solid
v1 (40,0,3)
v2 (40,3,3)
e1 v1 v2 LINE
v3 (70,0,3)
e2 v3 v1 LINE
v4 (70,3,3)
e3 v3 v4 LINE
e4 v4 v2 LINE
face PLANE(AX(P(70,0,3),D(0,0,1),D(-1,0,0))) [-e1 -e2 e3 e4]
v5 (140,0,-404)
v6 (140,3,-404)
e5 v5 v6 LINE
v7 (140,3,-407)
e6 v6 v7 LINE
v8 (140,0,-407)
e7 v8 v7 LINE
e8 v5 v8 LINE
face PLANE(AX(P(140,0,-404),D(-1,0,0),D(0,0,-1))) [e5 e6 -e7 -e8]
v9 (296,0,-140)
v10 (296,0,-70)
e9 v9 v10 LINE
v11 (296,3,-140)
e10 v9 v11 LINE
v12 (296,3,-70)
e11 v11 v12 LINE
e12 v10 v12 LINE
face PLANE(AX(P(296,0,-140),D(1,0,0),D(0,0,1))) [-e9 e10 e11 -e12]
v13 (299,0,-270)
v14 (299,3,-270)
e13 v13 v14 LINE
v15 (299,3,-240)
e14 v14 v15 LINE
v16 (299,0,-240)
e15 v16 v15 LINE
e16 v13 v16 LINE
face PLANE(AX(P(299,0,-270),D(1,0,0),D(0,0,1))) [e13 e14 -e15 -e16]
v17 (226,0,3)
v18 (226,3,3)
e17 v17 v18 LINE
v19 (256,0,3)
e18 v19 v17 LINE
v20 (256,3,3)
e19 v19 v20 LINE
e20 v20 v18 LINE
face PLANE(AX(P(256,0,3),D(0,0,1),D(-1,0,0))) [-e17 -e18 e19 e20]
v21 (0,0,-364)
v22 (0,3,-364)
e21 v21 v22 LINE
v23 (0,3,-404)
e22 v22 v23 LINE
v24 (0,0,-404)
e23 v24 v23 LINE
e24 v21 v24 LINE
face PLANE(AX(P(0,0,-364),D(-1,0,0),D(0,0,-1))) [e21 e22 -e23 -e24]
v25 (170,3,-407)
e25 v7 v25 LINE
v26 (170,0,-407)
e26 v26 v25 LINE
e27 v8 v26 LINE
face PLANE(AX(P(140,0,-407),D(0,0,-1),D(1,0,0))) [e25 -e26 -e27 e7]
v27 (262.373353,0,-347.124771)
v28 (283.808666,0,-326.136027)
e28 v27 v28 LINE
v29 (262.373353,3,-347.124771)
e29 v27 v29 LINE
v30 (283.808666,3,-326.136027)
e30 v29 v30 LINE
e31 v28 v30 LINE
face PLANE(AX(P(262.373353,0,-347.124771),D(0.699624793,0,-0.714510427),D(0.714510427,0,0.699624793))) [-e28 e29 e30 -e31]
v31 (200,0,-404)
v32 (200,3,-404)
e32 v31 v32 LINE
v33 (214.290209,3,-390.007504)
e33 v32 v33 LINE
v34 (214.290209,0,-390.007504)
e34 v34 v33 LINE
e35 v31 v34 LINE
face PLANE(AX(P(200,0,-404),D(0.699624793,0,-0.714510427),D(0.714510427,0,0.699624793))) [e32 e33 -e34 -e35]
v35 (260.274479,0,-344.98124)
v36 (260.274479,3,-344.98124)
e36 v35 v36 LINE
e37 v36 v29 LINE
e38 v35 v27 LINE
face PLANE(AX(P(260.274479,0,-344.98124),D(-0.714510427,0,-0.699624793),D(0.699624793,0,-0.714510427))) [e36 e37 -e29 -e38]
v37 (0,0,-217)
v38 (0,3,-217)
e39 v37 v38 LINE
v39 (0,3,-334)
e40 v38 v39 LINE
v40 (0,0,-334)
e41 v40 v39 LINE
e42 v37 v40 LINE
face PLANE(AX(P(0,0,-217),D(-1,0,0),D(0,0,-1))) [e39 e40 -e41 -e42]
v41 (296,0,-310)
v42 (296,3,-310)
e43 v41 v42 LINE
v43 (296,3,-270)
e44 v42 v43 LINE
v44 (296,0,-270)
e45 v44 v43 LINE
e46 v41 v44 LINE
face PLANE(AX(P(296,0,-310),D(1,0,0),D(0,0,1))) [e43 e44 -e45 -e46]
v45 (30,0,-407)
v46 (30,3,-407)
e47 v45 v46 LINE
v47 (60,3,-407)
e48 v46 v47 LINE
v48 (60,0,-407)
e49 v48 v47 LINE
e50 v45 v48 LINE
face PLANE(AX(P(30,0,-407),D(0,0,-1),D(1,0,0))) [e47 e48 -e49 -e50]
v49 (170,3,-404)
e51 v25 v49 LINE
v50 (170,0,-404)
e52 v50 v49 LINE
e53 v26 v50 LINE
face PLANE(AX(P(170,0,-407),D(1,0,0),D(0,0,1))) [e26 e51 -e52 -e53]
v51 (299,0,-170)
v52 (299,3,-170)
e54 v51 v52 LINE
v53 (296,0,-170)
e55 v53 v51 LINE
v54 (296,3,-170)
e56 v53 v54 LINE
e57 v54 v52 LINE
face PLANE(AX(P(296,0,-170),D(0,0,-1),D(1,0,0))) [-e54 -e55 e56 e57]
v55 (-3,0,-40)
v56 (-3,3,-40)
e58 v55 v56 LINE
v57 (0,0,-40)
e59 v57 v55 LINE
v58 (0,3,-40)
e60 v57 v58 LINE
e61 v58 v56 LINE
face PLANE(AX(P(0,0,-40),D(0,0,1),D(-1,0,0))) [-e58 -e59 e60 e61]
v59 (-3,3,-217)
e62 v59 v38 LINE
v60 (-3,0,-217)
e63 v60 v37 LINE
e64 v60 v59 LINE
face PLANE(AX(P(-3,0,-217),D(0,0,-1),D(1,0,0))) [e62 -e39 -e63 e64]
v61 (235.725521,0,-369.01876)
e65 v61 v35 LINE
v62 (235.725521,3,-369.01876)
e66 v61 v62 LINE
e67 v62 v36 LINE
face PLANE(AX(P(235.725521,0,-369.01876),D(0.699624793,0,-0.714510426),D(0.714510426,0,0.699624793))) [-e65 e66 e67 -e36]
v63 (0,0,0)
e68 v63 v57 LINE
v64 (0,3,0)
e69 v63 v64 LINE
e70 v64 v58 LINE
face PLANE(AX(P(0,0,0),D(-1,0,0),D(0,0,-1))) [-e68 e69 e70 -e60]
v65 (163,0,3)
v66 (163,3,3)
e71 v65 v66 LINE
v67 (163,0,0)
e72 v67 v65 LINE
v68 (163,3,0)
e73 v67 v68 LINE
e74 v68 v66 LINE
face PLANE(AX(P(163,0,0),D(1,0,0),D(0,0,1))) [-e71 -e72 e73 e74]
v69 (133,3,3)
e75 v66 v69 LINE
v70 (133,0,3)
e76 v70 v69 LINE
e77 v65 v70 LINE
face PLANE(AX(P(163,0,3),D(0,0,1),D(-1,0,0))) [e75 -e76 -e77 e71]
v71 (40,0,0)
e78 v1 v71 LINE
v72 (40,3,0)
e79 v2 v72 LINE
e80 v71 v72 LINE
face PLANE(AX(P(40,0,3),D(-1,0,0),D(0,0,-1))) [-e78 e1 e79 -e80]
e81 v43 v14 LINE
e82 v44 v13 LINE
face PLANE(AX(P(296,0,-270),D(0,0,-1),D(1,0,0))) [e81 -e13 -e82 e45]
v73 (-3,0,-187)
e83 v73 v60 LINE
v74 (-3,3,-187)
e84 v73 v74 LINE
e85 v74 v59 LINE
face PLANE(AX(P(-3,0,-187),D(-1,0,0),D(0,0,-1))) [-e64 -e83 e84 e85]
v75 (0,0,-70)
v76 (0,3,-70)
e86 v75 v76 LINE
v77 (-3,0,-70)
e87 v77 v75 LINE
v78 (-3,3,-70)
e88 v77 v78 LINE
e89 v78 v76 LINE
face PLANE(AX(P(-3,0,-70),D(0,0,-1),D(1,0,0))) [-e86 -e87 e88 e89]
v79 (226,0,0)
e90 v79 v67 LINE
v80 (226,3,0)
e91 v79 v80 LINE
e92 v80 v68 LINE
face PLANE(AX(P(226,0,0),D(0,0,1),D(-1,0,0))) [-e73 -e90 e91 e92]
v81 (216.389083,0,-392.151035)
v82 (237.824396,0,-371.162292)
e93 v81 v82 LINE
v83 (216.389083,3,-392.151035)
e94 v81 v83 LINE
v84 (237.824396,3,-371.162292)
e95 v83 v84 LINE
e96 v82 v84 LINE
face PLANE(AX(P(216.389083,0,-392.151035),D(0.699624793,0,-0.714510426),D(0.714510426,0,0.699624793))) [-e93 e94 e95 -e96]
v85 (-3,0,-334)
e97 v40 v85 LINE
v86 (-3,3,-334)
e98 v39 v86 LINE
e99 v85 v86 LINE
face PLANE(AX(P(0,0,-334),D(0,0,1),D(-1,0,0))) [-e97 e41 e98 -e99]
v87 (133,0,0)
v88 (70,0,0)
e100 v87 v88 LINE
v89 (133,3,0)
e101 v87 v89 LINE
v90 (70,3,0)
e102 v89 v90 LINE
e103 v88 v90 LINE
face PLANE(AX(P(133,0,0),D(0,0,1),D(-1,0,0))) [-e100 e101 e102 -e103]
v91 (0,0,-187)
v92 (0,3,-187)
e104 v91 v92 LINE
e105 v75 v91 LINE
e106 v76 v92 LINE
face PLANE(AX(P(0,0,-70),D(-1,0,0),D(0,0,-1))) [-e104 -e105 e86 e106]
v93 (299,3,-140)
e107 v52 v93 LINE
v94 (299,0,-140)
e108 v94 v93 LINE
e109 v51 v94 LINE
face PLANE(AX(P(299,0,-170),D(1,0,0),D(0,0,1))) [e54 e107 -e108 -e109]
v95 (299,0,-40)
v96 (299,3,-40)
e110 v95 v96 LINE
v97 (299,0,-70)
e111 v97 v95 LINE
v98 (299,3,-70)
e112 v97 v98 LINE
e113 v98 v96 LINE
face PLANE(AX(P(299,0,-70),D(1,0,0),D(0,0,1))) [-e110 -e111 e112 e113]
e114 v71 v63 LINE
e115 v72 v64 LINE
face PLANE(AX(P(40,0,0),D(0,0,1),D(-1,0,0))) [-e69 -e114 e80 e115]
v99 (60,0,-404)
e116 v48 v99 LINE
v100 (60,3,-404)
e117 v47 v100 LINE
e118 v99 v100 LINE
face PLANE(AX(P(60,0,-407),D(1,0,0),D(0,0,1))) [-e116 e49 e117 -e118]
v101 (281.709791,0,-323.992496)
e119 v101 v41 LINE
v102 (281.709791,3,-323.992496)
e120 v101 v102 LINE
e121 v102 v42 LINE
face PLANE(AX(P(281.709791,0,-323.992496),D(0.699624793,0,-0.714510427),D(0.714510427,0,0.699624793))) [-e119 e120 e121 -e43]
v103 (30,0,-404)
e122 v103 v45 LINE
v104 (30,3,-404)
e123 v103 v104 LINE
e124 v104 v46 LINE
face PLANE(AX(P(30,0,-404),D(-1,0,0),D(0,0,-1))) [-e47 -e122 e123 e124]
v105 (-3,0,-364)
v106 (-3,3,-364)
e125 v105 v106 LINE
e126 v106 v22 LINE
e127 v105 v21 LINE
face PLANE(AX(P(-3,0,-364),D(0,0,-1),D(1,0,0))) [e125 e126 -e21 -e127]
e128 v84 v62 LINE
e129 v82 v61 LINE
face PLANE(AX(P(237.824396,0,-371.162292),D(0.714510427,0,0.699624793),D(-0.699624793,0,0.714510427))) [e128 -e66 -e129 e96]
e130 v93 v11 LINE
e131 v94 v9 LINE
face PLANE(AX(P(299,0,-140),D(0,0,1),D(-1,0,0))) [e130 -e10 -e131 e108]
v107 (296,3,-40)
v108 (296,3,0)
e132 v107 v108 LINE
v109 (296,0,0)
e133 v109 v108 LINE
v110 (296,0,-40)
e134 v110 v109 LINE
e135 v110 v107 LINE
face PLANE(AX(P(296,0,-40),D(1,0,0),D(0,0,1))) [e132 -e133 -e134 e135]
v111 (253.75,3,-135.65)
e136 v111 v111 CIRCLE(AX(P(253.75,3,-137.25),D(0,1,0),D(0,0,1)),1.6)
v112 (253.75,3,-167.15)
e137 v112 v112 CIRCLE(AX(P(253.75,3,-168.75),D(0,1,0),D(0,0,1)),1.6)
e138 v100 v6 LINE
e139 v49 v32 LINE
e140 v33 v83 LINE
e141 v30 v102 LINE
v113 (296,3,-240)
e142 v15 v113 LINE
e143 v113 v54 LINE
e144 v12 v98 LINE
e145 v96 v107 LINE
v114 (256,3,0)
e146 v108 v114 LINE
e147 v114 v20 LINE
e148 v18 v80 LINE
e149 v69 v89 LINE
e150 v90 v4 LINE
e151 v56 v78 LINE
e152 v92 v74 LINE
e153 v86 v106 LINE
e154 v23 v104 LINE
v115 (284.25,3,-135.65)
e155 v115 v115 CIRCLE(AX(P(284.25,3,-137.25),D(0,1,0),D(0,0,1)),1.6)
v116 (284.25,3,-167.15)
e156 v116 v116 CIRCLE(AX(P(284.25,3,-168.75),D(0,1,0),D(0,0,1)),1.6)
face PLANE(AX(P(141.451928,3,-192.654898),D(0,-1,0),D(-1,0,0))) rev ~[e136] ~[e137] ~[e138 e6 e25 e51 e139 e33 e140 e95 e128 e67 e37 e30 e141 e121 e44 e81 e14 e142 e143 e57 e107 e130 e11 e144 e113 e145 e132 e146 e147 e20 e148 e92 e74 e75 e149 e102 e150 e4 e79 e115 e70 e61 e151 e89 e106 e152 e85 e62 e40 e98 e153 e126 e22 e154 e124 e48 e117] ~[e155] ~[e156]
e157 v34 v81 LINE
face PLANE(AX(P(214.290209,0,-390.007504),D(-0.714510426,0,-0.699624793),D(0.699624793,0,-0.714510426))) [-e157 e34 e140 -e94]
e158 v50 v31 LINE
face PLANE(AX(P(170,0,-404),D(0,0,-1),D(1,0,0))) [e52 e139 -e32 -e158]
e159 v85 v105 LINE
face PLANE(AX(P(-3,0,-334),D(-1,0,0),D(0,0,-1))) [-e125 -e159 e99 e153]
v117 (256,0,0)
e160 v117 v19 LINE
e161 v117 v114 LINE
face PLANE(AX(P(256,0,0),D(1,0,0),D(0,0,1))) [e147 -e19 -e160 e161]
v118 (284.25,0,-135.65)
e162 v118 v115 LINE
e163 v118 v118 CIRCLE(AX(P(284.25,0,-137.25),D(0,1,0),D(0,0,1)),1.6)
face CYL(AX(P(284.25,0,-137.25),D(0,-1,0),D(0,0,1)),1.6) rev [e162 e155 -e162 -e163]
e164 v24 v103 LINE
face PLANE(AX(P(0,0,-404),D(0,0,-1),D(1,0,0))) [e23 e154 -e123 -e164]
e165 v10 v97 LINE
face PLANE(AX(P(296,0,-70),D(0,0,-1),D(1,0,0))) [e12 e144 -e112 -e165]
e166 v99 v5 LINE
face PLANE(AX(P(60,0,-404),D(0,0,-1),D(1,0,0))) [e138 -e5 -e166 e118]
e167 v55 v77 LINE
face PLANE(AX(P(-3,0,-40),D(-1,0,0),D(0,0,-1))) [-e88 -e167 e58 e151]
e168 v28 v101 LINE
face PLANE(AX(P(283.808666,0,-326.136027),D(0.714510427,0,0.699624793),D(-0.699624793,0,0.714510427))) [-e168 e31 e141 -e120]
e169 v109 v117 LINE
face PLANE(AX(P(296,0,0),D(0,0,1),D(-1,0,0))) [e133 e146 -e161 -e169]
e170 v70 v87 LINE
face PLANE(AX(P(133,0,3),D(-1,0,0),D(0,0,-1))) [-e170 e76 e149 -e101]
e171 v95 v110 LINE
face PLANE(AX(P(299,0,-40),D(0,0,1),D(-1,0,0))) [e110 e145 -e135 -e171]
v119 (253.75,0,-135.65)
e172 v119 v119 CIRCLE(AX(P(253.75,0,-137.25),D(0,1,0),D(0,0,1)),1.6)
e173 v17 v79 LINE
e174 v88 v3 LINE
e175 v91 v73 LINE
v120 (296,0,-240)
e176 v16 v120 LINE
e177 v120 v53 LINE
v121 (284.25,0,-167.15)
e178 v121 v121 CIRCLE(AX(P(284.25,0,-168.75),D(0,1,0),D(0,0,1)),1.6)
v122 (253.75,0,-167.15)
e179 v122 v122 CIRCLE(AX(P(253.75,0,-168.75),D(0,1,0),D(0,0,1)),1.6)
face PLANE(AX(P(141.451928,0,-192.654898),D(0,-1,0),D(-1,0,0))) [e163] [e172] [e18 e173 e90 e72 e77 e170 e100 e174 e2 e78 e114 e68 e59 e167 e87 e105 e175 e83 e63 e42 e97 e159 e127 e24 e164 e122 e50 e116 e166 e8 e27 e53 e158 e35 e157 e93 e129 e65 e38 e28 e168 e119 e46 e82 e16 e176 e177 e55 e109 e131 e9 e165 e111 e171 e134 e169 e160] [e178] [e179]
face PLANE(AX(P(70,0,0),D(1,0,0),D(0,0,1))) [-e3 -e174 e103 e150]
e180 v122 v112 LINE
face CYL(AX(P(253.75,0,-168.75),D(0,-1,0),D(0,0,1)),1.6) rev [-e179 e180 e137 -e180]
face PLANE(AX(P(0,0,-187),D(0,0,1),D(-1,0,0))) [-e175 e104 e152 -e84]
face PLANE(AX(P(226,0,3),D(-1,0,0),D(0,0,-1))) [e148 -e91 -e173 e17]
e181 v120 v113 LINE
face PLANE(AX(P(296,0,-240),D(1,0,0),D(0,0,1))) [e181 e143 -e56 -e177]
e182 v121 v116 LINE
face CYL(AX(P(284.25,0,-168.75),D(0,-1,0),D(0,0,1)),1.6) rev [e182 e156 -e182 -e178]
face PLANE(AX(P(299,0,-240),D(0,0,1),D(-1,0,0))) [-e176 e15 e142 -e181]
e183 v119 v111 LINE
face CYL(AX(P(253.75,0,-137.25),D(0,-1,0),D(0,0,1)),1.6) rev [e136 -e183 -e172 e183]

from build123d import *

# Parameters (mm, degrees)
SKETCH1_R           = 1.6
BOSS_EXTRUDE1_DEPTH = 3


with BuildPart() as part:
    # Sketch1 → Boss-Extrude1 (new body)
    with BuildSketch(Plane(origin=(0, 0, 0), x_dir=(1, 0, 0), z_dir=(0, 1, 0))):
        Polygon((0, 0), (0, 40), (-3, 40), (-3, 70), (0, 70), (0, 187), (-3, 187), (-3, 217), (0, 217), (0, 334), (-3, 334), (-3, 364), (0, 364), (0, 404), (30, 404), (30, 407), (60, 407), (60, 404), (140, 404), (140, 407), (170, 407), (170, 404), (200, 404), (214.29020853, 390.007504148), (216.389082908, 392.151035427), (237.824395702, 371.162291649), (235.725521325, 369.01876037), (260.274478675, 344.98123963), (262.373353053, 347.12477091), (283.808665848, 326.136027132), (281.70979147, 323.992495852), (296, 310), (296, 270), (299, 270), (299, 240), (296, 240), (296, 170), (299, 170), (299, 140), (296, 140), (296, 70), (299, 70), (299, 40), (296, 40), (296, 0), (256, 0), (256, -3), (226, -3), (226, 0), (163, 0), (163, -3), (133, -3), (133, 0), (70, 0), (70, -3), (40, -3), (40, 0), align=None)
        with Locations(Location((253.75, 168.75, 0), (0, 0, 270))):
            Circle(SKETCH1_R, mode=Mode.SUBTRACT)
        with Locations(Location((284.25, 168.75, 0), (0, 0, 270))):
            Circle(SKETCH1_R, mode=Mode.SUBTRACT)
        with Locations(Location((284.25, 137.25, 0), (0, 0, 270))):
            Circle(SKETCH1_R, mode=Mode.SUBTRACT)
        with Locations(Location((253.75, 137.25, 0), (0, 0, 270))):
            Circle(SKETCH1_R, mode=Mode.SUBTRACT)
    extrude(amount=BOSS_EXTRUDE1_DEPTH)


solid = part.part
